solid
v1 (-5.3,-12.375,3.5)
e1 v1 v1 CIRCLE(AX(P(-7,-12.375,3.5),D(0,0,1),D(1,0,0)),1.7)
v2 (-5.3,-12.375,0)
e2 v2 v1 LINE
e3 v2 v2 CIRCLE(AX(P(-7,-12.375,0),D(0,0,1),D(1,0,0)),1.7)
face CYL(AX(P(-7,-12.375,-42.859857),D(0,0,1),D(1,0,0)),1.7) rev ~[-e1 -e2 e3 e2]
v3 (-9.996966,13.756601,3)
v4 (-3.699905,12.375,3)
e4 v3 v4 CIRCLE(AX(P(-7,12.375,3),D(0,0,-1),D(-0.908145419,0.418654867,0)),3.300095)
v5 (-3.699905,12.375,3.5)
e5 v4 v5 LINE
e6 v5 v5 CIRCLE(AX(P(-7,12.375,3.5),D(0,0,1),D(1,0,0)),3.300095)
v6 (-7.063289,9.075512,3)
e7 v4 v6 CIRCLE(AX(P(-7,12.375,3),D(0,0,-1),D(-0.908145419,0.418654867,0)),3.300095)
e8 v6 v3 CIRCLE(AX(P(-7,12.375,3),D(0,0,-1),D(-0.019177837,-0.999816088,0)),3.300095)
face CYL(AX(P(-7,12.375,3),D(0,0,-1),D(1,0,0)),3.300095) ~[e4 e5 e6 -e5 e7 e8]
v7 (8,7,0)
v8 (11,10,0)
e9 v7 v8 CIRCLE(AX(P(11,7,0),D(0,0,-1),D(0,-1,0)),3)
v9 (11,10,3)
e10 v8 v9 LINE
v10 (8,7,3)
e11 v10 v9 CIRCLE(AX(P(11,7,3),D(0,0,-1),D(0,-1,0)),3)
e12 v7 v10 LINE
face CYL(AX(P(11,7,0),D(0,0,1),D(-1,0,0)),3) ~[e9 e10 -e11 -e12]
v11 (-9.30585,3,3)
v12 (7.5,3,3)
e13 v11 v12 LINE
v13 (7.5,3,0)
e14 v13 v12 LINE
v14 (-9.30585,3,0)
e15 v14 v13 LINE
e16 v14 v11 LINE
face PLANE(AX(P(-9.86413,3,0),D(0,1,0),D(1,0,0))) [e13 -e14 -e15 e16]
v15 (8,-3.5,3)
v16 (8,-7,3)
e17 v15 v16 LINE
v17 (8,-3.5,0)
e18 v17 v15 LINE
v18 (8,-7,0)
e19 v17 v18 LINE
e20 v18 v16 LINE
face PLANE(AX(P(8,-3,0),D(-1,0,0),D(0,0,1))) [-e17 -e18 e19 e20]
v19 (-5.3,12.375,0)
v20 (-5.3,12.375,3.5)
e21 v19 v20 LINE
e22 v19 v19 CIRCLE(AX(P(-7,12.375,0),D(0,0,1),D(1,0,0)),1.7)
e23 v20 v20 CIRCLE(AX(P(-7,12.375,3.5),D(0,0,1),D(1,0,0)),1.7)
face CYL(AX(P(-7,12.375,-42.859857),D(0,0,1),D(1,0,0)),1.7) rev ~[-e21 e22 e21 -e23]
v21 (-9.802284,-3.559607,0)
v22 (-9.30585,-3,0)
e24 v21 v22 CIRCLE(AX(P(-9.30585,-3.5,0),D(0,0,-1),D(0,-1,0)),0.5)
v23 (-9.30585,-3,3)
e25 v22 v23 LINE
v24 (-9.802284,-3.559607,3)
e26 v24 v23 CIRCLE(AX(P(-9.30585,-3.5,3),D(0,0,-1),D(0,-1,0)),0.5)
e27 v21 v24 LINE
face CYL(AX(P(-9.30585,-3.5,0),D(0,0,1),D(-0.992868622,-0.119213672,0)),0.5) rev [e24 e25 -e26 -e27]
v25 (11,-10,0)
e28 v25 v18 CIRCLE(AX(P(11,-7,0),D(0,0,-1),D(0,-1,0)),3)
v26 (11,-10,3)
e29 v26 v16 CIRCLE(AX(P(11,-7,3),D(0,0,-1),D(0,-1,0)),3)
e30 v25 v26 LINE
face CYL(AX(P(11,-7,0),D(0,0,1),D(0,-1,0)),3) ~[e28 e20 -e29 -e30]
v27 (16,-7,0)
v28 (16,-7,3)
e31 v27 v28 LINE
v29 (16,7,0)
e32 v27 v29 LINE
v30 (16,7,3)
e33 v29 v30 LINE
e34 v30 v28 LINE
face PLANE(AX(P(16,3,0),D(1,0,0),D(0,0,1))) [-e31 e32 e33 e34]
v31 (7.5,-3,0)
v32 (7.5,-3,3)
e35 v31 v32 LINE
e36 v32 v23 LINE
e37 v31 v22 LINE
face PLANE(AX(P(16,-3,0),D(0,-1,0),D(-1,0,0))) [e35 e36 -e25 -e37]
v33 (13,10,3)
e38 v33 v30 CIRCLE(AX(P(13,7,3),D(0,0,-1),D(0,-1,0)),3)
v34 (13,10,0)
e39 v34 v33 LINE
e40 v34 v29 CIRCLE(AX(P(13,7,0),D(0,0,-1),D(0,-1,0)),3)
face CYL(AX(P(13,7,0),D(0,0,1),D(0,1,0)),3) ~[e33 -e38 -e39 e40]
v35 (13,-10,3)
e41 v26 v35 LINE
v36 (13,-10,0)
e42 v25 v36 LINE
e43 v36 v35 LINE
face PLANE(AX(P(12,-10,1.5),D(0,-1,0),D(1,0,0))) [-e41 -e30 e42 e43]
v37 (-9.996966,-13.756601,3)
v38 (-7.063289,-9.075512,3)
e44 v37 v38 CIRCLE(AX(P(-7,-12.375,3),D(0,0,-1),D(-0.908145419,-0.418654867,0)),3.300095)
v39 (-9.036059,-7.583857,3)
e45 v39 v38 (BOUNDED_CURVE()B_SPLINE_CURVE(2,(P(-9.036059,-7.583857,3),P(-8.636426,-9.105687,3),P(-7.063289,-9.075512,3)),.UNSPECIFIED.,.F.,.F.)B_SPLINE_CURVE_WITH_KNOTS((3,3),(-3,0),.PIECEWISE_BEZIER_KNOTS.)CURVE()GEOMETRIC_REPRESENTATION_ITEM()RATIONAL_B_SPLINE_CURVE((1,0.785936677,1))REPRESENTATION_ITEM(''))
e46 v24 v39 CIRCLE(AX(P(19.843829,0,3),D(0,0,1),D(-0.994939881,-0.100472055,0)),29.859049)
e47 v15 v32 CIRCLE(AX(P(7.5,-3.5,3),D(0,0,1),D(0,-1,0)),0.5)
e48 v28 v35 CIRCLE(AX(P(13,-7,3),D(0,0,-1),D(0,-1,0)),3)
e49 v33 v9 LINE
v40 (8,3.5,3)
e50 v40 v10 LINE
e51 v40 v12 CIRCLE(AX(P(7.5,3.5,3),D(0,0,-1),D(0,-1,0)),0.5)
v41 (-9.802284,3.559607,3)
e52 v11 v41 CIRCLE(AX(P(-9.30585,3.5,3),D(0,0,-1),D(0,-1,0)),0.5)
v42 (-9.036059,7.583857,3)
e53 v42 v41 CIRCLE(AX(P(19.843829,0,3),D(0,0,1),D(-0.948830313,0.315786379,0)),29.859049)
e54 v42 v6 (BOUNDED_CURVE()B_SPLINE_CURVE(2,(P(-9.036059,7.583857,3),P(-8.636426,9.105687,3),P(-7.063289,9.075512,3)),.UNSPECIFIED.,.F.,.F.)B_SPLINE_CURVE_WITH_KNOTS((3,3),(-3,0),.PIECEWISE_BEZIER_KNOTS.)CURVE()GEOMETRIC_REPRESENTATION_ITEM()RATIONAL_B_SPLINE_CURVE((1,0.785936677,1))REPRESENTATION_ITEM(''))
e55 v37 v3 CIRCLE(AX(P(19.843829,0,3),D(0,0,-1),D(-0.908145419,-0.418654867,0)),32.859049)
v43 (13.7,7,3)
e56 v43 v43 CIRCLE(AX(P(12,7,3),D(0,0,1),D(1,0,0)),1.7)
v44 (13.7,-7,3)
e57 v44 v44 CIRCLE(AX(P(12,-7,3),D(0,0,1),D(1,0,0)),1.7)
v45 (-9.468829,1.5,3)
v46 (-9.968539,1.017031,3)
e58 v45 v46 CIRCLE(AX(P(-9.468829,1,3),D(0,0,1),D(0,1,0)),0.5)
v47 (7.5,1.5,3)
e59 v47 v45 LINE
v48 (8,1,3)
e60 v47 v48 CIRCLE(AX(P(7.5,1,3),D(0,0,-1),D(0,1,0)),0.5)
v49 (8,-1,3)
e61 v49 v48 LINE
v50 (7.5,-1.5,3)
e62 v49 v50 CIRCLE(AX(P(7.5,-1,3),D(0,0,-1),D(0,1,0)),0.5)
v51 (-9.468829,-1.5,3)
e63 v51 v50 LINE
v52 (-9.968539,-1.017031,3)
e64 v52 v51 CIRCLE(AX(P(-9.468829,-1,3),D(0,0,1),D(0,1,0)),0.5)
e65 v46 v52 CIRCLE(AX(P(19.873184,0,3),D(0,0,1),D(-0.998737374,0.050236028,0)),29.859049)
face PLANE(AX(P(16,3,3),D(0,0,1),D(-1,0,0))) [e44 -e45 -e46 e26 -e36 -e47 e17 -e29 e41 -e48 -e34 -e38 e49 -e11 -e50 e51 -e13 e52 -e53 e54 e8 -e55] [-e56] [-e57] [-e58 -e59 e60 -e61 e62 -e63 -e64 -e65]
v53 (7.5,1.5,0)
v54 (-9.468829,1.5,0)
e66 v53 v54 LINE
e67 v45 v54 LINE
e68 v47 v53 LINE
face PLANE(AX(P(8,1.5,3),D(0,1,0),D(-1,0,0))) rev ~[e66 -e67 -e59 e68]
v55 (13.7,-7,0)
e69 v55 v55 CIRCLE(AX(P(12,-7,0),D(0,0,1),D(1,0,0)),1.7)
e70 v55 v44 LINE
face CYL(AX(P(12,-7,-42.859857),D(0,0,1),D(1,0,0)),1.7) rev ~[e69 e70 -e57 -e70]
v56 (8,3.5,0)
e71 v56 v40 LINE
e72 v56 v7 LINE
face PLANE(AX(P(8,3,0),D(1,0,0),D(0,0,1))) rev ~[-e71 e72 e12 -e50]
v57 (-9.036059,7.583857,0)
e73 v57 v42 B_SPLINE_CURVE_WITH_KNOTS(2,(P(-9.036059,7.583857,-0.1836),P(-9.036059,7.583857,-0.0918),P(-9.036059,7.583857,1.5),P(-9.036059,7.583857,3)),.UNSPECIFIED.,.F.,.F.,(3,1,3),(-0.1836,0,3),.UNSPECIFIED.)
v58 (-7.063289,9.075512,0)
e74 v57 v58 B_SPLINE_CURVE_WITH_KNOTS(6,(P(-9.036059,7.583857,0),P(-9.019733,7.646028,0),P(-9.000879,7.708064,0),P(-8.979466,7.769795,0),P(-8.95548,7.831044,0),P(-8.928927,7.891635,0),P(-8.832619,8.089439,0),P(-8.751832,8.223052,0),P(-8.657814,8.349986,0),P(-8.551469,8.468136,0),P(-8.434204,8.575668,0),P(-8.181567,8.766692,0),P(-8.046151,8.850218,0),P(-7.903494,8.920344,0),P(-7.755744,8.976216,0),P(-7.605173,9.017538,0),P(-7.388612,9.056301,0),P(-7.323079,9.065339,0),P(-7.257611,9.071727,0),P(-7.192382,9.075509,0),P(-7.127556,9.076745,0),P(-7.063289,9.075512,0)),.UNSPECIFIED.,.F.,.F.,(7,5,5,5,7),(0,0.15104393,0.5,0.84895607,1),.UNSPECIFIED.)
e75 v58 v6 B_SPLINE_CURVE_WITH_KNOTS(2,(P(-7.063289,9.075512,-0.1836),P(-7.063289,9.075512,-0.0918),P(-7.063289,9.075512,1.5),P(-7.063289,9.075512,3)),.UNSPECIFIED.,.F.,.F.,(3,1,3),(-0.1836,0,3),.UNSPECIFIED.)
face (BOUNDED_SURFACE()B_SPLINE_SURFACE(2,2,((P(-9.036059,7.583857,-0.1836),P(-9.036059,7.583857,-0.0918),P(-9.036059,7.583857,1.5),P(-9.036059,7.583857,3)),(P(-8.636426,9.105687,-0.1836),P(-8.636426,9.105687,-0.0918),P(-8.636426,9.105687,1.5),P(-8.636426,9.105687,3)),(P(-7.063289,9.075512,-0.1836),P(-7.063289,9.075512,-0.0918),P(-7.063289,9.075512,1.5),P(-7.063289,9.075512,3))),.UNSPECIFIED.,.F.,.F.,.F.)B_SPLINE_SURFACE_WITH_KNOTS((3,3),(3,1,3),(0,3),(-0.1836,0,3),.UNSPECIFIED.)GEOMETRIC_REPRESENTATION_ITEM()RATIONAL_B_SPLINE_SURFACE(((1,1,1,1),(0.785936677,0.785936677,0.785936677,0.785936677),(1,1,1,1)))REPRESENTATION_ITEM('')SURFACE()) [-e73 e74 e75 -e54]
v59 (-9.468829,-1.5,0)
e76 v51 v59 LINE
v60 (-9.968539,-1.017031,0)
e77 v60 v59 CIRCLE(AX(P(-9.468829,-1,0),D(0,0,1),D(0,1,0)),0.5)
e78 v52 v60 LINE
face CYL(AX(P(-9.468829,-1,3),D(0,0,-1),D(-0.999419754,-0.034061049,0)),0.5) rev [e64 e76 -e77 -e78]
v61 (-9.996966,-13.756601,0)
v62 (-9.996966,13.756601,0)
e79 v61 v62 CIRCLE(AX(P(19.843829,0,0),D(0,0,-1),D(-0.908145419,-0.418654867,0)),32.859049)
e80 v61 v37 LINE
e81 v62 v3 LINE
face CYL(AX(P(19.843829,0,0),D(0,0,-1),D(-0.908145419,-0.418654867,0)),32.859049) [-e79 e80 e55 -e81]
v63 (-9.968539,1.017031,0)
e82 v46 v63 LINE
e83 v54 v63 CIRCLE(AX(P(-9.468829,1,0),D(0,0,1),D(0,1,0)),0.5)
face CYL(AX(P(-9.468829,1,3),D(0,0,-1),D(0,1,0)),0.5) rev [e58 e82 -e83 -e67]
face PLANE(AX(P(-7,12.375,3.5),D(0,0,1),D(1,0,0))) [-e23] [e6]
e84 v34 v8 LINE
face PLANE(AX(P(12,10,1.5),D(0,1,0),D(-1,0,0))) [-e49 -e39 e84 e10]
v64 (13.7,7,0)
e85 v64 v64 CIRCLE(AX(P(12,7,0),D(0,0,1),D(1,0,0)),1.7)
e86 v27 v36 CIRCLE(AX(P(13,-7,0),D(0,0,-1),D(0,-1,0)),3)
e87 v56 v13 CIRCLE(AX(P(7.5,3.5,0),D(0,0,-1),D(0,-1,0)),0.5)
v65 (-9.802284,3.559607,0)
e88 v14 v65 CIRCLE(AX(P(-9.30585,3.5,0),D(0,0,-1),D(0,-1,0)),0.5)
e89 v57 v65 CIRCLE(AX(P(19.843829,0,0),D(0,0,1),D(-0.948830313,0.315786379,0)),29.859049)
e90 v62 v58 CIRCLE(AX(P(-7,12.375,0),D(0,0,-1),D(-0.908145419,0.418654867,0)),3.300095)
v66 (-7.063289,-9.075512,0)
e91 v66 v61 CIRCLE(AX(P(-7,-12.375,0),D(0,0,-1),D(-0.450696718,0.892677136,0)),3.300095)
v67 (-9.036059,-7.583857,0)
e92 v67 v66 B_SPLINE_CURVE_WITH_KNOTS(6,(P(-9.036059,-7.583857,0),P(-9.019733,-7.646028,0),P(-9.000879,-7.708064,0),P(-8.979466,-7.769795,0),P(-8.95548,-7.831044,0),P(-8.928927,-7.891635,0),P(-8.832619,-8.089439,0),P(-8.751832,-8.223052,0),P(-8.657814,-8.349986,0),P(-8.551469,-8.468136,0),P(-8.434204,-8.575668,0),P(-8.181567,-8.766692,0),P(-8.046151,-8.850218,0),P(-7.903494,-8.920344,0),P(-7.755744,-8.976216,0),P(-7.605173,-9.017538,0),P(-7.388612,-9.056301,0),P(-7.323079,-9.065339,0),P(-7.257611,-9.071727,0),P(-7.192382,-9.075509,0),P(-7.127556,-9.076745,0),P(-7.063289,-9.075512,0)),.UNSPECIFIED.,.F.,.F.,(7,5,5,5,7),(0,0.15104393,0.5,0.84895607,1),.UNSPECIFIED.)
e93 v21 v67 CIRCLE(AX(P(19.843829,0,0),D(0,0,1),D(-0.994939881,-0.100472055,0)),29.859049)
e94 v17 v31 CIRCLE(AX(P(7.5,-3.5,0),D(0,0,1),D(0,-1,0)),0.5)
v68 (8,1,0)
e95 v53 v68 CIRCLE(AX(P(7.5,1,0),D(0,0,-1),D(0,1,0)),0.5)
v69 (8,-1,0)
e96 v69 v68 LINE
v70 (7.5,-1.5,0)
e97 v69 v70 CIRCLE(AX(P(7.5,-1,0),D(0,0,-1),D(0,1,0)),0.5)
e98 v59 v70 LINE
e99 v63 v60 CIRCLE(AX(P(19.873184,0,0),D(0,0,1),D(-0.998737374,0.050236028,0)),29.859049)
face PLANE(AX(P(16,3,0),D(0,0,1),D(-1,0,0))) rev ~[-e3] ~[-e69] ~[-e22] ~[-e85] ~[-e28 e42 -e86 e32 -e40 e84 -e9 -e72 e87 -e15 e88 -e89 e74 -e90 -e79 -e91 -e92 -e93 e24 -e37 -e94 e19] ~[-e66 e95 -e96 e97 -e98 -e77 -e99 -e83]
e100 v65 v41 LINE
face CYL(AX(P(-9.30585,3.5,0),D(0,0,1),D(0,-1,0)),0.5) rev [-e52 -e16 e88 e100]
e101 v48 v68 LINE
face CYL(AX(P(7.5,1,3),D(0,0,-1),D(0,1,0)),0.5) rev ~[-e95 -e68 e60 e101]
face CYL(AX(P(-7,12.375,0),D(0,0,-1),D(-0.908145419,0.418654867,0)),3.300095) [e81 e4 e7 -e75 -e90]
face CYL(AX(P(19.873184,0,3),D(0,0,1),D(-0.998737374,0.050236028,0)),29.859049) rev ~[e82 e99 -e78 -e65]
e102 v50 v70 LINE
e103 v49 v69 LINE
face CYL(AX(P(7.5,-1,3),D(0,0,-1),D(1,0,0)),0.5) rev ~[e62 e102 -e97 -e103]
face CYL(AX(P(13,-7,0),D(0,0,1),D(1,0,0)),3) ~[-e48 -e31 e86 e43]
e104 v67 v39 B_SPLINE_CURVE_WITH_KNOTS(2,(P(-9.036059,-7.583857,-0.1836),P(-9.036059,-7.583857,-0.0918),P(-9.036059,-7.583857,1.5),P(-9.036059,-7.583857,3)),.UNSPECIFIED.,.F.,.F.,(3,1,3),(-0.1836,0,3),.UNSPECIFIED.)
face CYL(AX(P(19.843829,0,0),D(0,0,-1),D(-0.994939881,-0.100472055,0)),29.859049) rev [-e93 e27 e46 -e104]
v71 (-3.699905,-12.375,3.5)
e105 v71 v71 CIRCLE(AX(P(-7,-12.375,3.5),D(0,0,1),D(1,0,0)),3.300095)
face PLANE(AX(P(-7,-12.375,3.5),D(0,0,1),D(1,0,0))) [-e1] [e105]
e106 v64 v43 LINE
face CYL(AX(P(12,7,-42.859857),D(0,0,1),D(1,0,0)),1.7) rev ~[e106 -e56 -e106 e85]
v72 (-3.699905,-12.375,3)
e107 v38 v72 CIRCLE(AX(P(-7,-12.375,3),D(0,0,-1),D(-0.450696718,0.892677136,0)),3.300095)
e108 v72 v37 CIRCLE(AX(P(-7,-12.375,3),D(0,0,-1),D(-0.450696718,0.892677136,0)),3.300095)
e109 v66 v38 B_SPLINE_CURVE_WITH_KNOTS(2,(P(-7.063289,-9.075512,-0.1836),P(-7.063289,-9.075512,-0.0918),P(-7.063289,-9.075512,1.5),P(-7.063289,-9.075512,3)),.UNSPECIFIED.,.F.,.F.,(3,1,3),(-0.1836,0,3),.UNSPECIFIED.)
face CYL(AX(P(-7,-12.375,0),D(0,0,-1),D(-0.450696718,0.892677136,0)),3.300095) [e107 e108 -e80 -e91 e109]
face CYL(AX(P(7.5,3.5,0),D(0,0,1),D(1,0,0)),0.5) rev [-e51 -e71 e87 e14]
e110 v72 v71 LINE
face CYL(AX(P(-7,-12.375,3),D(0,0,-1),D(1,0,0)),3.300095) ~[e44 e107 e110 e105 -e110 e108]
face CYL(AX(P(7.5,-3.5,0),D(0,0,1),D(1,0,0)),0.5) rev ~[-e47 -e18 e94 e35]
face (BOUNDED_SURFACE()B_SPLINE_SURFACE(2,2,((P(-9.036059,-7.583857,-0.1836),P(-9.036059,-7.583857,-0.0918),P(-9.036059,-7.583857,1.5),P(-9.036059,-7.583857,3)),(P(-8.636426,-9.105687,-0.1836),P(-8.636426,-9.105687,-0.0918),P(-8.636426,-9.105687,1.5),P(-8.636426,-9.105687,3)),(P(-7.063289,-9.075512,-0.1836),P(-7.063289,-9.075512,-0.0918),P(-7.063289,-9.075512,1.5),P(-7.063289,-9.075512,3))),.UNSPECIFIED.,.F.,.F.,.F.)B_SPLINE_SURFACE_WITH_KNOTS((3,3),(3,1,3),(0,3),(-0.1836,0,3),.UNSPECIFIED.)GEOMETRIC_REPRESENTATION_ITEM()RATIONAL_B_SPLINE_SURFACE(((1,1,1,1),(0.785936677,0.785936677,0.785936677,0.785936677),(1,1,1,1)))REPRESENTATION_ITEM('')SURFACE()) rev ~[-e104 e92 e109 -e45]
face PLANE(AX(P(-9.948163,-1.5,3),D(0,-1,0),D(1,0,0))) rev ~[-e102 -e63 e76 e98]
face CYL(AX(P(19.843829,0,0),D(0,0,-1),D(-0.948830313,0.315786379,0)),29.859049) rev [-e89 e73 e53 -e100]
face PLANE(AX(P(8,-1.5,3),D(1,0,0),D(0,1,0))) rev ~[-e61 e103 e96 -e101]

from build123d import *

# Parameters (mm, degrees)
BOSS_EXTRUDE1_DEPTH  = 3
SKETCH2_W            = 8
SKETCH2_H            = 3
BOSS_EXTRUDE2_DEPTH  = 7
SKETCH3_W            = 8
SKETCH3_H            = 3
BOSS_EXTRUDE3_DEPTH  = 7
SKETCH4_R            = 3.300094696
BOSS_EXTRUDE4_DEPTH  = 0.5
SKETCH5_R            = 3.300094696
BOSS_EXTRUDE5_DEPTH  = 0.5
CUT_EXTRUDE1_DEPTH   = 4
M3_CLEARANCE_HOLE2_D = 3.4
M3_CLEARANCE_HOLE1_D = 3.4
FILLET1_R            = 0.5
FILLET2_R            = 2
FILLET3_R            = 3


with BuildPart() as part:
    # Sketch1 → Boss-Extrude1 (new body)
    with BuildSketch(Plane(origin=(0, 0, 0), x_dir=(-1, 0, 0), z_dir=(0, 0, -1))):
        with BuildLine():
            Line((-16, 3), (-16, -3))
            Line((-16, -3), (9.864129683, -3))
            ThreePointArc((9.864129683, -3), (9.35323266, -6.252551424), (8.487341847, -9.429080919))
            ThreePointArc((8.487341847, -9.429080919), (3.884055388, -13.461974782), (9.996965881, -13.756600705))
            ThreePointArc((9.996965881, -13.756600705), (13.015220034, 0), (9.996965881, 13.756600705))
            ThreePointArc((9.996965881, 13.756600705), (3.884055388, 13.461974781), (8.487341847, 9.429080919))
            ThreePointArc((8.487341847, 9.429080919), (9.35323266, 6.252551424), (9.864129683, 3))
            Line((9.864129683, 3), (-16, 3))
        make_face()
    extrude(amount=-BOSS_EXTRUDE1_DEPTH)

    # Sketch2 → Boss-Extrude2 (add)
    with BuildSketch(Plane.XZ.offset(3)):
        with Locations((12, 1.5)):
            Rectangle(SKETCH2_W, SKETCH2_H)
    extrude(amount=BOSS_EXTRUDE2_DEPTH)

    # Sketch3 → Boss-Extrude3 (add)
    with BuildSketch(Plane(origin=(0, 3, 0), x_dir=(-1, 0, 0), z_dir=(0, 1, 0))):
        with Locations((-12, 1.5)):
            Rectangle(SKETCH3_W, SKETCH3_H)
    extrude(amount=BOSS_EXTRUDE3_DEPTH)

    # Sketch4 → Boss-Extrude4 (add)
    with BuildSketch(Plane.XY.offset(3)):
        with Locations((-7, 12.375)):
            Circle(SKETCH4_R)
    extrude(amount=BOSS_EXTRUDE4_DEPTH)

    # Sketch5 → Boss-Extrude5 (add)
    with BuildSketch(Plane.XY.offset(3)):
        with Locations((-7, -12.375)):
            Circle(SKETCH5_R)
    extrude(amount=BOSS_EXTRUDE5_DEPTH)

    # Sketch6 → Cut-Extrude1 (cut, through all)
    with BuildSketch(Plane.XY.offset(3)):
        with BuildLine():
            Line((8, 1.5), (-9.948163366, 1.5))
            ThreePointArc((-9.948163366, 1.5), (-9.985864188, 0), (-9.948163366, -1.5))
            Line((-9.948163366, -1.5), (8, -1.5))
            Line((8, -1.5), (8, 1.5))
        make_face()
    extrude(amount=-CUT_EXTRUDE1_DEPTH, mode=Mode.SUBTRACT)

    # M3 Clearance Hole2 (through all)
    with Locations(Plane(origin=(0, 0, 0), x_dir=(-1, 0, 0), z_dir=(0, 0, -1))):
        with Locations((-12, -7), (-12, 7)):
            Hole(M3_CLEARANCE_HOLE2_D / 2)

    # M3 Clearance Hole1 (through all)
    with Locations(Plane(origin=(0, 0, 0), x_dir=(-1, 0, 0), z_dir=(0, 0, -1))):
        with Locations((7, 12.375), (7, -12.375)):
            Hole(M3_CLEARANCE_HOLE1_D / 2)

    # Fillet1
    fillet1_edges = [part.edges().sort_by_distance(p)[0] for p in [
        (-9.864129683, 3, 1.5),
        (-9.864129683, -3, 1.5),
        (8, -3, 1.5),
        (8, 3, 1.5),
        (8, 1.5, 1.5),
        (8, -1.5, 1.5),
        (-9.948163366, -1.5, 1.5),
        (-9.948163366, 1.5, 1.5),
    ]]
    fillet(fillet1_edges, radius=FILLET1_R)

    # Fillet2
    fillet2_edges = [part.edges().sort_by_distance(p)[0] for p in [
        (-8.487341847, 9.429080919, 1.5),
        (-8.487341847, -9.429080919, 1.5),
    ]]
    fillet(fillet2_edges, radius=FILLET2_R)

    # Fillet3
    fillet3_edges = [part.edges().sort_by_distance(p)[0] for p in [
        (8, -10, 1.5),
        (16, -10, 1.5),
        (16, 10, 1.5),
        (8, 10, 1.5),
    ]]
    fillet(fillet3_edges, radius=FILLET3_R)


solid = part.part
